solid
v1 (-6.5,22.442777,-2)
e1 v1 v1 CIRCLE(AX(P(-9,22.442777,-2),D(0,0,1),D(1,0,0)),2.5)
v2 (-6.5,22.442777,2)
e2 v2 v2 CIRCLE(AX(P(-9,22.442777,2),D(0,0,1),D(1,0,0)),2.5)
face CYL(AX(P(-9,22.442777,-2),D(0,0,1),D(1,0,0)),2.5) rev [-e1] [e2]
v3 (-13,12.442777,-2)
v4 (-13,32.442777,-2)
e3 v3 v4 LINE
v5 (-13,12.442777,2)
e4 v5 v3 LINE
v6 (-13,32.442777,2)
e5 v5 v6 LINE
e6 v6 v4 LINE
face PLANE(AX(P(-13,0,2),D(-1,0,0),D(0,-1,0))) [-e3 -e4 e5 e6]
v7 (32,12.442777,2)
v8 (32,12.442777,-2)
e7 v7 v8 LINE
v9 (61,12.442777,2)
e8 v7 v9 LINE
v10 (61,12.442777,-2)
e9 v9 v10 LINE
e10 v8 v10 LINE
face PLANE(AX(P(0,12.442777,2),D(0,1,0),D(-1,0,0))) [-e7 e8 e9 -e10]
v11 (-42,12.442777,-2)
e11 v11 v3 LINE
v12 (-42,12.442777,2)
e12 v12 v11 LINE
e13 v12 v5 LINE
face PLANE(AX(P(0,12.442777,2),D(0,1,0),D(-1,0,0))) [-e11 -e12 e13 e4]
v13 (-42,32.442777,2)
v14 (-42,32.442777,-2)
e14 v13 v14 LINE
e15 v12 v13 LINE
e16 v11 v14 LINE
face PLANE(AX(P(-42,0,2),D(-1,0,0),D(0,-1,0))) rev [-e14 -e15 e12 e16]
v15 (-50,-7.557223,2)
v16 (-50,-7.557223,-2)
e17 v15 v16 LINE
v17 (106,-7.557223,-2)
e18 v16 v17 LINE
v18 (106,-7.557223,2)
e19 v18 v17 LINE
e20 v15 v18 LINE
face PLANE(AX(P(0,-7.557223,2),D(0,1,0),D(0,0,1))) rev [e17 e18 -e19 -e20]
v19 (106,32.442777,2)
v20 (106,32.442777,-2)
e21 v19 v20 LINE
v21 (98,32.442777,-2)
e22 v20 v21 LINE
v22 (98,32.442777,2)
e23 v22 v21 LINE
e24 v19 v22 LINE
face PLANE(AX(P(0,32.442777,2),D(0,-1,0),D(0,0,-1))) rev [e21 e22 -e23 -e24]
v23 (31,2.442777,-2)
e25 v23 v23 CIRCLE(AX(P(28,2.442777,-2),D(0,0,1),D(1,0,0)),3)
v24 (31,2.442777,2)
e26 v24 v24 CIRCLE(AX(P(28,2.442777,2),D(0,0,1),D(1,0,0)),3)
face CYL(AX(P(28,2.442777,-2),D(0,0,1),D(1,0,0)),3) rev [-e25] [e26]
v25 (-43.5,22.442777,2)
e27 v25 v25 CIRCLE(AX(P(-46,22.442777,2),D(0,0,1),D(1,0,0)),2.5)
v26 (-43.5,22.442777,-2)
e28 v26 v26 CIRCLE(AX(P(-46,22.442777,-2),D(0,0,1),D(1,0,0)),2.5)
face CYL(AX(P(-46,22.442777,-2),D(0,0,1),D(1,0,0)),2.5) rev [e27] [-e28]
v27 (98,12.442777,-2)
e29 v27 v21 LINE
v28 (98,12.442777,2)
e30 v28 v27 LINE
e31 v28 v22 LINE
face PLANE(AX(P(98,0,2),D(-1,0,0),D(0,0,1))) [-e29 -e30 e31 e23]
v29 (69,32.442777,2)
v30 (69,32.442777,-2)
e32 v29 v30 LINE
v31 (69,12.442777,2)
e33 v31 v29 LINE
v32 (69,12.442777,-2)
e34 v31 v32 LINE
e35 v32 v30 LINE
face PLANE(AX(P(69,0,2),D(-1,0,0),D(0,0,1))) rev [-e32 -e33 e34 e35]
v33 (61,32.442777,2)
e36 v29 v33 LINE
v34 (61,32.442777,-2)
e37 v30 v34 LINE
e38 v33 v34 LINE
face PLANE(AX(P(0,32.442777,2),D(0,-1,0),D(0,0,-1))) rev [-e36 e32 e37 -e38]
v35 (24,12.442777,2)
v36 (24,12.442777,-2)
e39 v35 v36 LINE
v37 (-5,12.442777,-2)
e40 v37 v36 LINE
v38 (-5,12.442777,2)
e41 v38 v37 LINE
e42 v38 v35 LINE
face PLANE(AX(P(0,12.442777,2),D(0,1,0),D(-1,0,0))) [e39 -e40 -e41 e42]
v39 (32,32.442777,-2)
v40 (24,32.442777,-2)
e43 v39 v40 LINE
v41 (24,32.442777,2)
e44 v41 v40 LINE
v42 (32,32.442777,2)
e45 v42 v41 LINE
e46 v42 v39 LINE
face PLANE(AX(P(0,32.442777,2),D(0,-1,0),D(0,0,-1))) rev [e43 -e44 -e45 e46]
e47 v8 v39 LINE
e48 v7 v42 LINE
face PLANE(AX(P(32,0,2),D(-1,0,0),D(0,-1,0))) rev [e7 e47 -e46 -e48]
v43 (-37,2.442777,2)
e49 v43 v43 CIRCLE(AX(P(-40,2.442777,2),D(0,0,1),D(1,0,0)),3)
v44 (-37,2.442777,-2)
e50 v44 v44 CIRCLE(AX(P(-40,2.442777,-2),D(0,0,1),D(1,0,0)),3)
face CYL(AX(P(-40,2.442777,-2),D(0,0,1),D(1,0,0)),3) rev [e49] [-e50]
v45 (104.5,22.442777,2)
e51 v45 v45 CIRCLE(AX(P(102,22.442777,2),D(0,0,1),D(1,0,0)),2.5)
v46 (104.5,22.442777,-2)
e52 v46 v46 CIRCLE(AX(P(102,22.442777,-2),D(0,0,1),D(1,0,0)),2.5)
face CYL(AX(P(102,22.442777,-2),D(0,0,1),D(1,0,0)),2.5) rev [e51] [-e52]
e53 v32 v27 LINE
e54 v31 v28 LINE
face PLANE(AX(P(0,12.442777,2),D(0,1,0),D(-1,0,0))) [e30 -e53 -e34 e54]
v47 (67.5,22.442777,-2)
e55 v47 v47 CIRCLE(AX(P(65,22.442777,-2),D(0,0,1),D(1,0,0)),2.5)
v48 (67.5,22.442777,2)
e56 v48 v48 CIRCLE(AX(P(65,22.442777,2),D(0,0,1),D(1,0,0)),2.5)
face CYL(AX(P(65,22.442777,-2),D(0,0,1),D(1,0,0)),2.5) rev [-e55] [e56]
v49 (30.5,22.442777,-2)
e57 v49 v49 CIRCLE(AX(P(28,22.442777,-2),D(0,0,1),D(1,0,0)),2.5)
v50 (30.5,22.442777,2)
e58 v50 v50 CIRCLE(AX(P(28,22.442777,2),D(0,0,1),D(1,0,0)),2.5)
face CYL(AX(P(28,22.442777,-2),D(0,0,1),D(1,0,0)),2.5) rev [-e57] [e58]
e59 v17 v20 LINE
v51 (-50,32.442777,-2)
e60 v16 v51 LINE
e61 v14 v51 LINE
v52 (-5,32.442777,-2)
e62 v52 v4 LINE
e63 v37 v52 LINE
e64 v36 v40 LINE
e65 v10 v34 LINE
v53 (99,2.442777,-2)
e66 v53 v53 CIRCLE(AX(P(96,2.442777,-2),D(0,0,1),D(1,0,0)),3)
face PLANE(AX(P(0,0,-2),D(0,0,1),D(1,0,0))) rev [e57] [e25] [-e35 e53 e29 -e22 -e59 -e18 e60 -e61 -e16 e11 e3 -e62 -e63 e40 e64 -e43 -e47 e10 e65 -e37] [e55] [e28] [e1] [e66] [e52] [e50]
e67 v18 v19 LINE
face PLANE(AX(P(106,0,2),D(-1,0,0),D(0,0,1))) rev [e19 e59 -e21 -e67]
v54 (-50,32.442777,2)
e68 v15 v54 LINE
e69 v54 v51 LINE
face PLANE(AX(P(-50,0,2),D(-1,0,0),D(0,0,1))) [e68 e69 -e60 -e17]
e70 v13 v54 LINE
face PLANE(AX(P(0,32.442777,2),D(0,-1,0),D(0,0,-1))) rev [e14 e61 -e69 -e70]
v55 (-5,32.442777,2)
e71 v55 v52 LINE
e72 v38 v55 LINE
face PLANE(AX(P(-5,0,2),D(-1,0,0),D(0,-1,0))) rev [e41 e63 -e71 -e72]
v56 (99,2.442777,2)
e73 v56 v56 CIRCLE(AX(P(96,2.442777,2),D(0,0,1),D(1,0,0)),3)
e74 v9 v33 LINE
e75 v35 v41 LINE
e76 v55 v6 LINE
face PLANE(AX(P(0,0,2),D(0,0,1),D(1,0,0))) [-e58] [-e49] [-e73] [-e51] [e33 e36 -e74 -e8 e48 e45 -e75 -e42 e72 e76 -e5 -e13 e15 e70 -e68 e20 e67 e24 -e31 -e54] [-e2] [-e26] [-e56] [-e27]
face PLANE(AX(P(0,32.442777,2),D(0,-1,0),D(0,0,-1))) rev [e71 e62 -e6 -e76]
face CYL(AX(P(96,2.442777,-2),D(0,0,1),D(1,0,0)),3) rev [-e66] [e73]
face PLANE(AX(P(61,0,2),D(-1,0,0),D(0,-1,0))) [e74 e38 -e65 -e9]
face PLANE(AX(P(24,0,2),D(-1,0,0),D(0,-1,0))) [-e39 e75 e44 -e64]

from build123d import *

# Parameters (mm, degrees)
SKETCH1_W           = 156
SKETCH1_H           = 20
SKETCH1_W_2         = 8
BOSS_EXTRUDE1_DEPTH = 2
SKETCH2_R           = 2.5
CUT_EXTRUDE1_DEPTH  = 111.92580296
LPATTERN1_COUNT     = 5
LPATTERN1_PITCH     = 37
SKETCH3_R           = 3
CUT_EXTRUDE2_DEPTH  = 111.92580296


with BuildPart() as part:
    # Sketch1 → Boss-Extrude1 (new, symmetric)
    with BuildSketch(Plane.XY):
        with Locations((28, 2.442776735)):
            Rectangle(SKETCH1_W, SKETCH1_H)
        with Locations((102, 22.442776735)):
            Rectangle(SKETCH1_W_2, SKETCH1_H)
        with Locations((65, 22.442776735)):
            Rectangle(SKETCH1_W_2, SKETCH1_H)
        with Locations((28, 22.442776735)):
            Rectangle(SKETCH1_W_2, SKETCH1_H)
        with Locations((-9, 22.442776735)):
            Rectangle(SKETCH1_W_2, SKETCH1_H)
        with Locations((-46, 22.442776735)):
            Rectangle(SKETCH1_W_2, SKETCH1_H)
    extrude(amount=BOSS_EXTRUDE1_DEPTH, both=True)

    # Sketch2 → Cut-Extrude1 (cut, through all)
    with BuildSketch(Plane.XY.offset(2)):
        with Locations((-46, 22.442776735)):
            Circle(SKETCH2_R)
    cut_extrude1 = extrude(amount=-CUT_EXTRUDE1_DEPTH, mode=Mode.SUBTRACT)

    # LPattern1: Cut-Extrude1 ×5
    with Locations(*[(i * LPATTERN1_PITCH, 0, 0) for i in range(1, LPATTERN1_COUNT)]):
        add(cut_extrude1, mode=Mode.SUBTRACT)

    # Sketch3 → Cut-Extrude2 (cut, through all)
    with BuildSketch(Plane.XY.offset(2)):
        with Locations((28, 2.442776735)):
            Circle(SKETCH3_R)
        with Locations((96, 2.442776735)):
            Circle(SKETCH3_R)
        with Locations((-40, 2.442776735)):
            Circle(SKETCH3_R)
    extrude(amount=-CUT_EXTRUDE2_DEPTH, mode=Mode.SUBTRACT)


solid = part.part
